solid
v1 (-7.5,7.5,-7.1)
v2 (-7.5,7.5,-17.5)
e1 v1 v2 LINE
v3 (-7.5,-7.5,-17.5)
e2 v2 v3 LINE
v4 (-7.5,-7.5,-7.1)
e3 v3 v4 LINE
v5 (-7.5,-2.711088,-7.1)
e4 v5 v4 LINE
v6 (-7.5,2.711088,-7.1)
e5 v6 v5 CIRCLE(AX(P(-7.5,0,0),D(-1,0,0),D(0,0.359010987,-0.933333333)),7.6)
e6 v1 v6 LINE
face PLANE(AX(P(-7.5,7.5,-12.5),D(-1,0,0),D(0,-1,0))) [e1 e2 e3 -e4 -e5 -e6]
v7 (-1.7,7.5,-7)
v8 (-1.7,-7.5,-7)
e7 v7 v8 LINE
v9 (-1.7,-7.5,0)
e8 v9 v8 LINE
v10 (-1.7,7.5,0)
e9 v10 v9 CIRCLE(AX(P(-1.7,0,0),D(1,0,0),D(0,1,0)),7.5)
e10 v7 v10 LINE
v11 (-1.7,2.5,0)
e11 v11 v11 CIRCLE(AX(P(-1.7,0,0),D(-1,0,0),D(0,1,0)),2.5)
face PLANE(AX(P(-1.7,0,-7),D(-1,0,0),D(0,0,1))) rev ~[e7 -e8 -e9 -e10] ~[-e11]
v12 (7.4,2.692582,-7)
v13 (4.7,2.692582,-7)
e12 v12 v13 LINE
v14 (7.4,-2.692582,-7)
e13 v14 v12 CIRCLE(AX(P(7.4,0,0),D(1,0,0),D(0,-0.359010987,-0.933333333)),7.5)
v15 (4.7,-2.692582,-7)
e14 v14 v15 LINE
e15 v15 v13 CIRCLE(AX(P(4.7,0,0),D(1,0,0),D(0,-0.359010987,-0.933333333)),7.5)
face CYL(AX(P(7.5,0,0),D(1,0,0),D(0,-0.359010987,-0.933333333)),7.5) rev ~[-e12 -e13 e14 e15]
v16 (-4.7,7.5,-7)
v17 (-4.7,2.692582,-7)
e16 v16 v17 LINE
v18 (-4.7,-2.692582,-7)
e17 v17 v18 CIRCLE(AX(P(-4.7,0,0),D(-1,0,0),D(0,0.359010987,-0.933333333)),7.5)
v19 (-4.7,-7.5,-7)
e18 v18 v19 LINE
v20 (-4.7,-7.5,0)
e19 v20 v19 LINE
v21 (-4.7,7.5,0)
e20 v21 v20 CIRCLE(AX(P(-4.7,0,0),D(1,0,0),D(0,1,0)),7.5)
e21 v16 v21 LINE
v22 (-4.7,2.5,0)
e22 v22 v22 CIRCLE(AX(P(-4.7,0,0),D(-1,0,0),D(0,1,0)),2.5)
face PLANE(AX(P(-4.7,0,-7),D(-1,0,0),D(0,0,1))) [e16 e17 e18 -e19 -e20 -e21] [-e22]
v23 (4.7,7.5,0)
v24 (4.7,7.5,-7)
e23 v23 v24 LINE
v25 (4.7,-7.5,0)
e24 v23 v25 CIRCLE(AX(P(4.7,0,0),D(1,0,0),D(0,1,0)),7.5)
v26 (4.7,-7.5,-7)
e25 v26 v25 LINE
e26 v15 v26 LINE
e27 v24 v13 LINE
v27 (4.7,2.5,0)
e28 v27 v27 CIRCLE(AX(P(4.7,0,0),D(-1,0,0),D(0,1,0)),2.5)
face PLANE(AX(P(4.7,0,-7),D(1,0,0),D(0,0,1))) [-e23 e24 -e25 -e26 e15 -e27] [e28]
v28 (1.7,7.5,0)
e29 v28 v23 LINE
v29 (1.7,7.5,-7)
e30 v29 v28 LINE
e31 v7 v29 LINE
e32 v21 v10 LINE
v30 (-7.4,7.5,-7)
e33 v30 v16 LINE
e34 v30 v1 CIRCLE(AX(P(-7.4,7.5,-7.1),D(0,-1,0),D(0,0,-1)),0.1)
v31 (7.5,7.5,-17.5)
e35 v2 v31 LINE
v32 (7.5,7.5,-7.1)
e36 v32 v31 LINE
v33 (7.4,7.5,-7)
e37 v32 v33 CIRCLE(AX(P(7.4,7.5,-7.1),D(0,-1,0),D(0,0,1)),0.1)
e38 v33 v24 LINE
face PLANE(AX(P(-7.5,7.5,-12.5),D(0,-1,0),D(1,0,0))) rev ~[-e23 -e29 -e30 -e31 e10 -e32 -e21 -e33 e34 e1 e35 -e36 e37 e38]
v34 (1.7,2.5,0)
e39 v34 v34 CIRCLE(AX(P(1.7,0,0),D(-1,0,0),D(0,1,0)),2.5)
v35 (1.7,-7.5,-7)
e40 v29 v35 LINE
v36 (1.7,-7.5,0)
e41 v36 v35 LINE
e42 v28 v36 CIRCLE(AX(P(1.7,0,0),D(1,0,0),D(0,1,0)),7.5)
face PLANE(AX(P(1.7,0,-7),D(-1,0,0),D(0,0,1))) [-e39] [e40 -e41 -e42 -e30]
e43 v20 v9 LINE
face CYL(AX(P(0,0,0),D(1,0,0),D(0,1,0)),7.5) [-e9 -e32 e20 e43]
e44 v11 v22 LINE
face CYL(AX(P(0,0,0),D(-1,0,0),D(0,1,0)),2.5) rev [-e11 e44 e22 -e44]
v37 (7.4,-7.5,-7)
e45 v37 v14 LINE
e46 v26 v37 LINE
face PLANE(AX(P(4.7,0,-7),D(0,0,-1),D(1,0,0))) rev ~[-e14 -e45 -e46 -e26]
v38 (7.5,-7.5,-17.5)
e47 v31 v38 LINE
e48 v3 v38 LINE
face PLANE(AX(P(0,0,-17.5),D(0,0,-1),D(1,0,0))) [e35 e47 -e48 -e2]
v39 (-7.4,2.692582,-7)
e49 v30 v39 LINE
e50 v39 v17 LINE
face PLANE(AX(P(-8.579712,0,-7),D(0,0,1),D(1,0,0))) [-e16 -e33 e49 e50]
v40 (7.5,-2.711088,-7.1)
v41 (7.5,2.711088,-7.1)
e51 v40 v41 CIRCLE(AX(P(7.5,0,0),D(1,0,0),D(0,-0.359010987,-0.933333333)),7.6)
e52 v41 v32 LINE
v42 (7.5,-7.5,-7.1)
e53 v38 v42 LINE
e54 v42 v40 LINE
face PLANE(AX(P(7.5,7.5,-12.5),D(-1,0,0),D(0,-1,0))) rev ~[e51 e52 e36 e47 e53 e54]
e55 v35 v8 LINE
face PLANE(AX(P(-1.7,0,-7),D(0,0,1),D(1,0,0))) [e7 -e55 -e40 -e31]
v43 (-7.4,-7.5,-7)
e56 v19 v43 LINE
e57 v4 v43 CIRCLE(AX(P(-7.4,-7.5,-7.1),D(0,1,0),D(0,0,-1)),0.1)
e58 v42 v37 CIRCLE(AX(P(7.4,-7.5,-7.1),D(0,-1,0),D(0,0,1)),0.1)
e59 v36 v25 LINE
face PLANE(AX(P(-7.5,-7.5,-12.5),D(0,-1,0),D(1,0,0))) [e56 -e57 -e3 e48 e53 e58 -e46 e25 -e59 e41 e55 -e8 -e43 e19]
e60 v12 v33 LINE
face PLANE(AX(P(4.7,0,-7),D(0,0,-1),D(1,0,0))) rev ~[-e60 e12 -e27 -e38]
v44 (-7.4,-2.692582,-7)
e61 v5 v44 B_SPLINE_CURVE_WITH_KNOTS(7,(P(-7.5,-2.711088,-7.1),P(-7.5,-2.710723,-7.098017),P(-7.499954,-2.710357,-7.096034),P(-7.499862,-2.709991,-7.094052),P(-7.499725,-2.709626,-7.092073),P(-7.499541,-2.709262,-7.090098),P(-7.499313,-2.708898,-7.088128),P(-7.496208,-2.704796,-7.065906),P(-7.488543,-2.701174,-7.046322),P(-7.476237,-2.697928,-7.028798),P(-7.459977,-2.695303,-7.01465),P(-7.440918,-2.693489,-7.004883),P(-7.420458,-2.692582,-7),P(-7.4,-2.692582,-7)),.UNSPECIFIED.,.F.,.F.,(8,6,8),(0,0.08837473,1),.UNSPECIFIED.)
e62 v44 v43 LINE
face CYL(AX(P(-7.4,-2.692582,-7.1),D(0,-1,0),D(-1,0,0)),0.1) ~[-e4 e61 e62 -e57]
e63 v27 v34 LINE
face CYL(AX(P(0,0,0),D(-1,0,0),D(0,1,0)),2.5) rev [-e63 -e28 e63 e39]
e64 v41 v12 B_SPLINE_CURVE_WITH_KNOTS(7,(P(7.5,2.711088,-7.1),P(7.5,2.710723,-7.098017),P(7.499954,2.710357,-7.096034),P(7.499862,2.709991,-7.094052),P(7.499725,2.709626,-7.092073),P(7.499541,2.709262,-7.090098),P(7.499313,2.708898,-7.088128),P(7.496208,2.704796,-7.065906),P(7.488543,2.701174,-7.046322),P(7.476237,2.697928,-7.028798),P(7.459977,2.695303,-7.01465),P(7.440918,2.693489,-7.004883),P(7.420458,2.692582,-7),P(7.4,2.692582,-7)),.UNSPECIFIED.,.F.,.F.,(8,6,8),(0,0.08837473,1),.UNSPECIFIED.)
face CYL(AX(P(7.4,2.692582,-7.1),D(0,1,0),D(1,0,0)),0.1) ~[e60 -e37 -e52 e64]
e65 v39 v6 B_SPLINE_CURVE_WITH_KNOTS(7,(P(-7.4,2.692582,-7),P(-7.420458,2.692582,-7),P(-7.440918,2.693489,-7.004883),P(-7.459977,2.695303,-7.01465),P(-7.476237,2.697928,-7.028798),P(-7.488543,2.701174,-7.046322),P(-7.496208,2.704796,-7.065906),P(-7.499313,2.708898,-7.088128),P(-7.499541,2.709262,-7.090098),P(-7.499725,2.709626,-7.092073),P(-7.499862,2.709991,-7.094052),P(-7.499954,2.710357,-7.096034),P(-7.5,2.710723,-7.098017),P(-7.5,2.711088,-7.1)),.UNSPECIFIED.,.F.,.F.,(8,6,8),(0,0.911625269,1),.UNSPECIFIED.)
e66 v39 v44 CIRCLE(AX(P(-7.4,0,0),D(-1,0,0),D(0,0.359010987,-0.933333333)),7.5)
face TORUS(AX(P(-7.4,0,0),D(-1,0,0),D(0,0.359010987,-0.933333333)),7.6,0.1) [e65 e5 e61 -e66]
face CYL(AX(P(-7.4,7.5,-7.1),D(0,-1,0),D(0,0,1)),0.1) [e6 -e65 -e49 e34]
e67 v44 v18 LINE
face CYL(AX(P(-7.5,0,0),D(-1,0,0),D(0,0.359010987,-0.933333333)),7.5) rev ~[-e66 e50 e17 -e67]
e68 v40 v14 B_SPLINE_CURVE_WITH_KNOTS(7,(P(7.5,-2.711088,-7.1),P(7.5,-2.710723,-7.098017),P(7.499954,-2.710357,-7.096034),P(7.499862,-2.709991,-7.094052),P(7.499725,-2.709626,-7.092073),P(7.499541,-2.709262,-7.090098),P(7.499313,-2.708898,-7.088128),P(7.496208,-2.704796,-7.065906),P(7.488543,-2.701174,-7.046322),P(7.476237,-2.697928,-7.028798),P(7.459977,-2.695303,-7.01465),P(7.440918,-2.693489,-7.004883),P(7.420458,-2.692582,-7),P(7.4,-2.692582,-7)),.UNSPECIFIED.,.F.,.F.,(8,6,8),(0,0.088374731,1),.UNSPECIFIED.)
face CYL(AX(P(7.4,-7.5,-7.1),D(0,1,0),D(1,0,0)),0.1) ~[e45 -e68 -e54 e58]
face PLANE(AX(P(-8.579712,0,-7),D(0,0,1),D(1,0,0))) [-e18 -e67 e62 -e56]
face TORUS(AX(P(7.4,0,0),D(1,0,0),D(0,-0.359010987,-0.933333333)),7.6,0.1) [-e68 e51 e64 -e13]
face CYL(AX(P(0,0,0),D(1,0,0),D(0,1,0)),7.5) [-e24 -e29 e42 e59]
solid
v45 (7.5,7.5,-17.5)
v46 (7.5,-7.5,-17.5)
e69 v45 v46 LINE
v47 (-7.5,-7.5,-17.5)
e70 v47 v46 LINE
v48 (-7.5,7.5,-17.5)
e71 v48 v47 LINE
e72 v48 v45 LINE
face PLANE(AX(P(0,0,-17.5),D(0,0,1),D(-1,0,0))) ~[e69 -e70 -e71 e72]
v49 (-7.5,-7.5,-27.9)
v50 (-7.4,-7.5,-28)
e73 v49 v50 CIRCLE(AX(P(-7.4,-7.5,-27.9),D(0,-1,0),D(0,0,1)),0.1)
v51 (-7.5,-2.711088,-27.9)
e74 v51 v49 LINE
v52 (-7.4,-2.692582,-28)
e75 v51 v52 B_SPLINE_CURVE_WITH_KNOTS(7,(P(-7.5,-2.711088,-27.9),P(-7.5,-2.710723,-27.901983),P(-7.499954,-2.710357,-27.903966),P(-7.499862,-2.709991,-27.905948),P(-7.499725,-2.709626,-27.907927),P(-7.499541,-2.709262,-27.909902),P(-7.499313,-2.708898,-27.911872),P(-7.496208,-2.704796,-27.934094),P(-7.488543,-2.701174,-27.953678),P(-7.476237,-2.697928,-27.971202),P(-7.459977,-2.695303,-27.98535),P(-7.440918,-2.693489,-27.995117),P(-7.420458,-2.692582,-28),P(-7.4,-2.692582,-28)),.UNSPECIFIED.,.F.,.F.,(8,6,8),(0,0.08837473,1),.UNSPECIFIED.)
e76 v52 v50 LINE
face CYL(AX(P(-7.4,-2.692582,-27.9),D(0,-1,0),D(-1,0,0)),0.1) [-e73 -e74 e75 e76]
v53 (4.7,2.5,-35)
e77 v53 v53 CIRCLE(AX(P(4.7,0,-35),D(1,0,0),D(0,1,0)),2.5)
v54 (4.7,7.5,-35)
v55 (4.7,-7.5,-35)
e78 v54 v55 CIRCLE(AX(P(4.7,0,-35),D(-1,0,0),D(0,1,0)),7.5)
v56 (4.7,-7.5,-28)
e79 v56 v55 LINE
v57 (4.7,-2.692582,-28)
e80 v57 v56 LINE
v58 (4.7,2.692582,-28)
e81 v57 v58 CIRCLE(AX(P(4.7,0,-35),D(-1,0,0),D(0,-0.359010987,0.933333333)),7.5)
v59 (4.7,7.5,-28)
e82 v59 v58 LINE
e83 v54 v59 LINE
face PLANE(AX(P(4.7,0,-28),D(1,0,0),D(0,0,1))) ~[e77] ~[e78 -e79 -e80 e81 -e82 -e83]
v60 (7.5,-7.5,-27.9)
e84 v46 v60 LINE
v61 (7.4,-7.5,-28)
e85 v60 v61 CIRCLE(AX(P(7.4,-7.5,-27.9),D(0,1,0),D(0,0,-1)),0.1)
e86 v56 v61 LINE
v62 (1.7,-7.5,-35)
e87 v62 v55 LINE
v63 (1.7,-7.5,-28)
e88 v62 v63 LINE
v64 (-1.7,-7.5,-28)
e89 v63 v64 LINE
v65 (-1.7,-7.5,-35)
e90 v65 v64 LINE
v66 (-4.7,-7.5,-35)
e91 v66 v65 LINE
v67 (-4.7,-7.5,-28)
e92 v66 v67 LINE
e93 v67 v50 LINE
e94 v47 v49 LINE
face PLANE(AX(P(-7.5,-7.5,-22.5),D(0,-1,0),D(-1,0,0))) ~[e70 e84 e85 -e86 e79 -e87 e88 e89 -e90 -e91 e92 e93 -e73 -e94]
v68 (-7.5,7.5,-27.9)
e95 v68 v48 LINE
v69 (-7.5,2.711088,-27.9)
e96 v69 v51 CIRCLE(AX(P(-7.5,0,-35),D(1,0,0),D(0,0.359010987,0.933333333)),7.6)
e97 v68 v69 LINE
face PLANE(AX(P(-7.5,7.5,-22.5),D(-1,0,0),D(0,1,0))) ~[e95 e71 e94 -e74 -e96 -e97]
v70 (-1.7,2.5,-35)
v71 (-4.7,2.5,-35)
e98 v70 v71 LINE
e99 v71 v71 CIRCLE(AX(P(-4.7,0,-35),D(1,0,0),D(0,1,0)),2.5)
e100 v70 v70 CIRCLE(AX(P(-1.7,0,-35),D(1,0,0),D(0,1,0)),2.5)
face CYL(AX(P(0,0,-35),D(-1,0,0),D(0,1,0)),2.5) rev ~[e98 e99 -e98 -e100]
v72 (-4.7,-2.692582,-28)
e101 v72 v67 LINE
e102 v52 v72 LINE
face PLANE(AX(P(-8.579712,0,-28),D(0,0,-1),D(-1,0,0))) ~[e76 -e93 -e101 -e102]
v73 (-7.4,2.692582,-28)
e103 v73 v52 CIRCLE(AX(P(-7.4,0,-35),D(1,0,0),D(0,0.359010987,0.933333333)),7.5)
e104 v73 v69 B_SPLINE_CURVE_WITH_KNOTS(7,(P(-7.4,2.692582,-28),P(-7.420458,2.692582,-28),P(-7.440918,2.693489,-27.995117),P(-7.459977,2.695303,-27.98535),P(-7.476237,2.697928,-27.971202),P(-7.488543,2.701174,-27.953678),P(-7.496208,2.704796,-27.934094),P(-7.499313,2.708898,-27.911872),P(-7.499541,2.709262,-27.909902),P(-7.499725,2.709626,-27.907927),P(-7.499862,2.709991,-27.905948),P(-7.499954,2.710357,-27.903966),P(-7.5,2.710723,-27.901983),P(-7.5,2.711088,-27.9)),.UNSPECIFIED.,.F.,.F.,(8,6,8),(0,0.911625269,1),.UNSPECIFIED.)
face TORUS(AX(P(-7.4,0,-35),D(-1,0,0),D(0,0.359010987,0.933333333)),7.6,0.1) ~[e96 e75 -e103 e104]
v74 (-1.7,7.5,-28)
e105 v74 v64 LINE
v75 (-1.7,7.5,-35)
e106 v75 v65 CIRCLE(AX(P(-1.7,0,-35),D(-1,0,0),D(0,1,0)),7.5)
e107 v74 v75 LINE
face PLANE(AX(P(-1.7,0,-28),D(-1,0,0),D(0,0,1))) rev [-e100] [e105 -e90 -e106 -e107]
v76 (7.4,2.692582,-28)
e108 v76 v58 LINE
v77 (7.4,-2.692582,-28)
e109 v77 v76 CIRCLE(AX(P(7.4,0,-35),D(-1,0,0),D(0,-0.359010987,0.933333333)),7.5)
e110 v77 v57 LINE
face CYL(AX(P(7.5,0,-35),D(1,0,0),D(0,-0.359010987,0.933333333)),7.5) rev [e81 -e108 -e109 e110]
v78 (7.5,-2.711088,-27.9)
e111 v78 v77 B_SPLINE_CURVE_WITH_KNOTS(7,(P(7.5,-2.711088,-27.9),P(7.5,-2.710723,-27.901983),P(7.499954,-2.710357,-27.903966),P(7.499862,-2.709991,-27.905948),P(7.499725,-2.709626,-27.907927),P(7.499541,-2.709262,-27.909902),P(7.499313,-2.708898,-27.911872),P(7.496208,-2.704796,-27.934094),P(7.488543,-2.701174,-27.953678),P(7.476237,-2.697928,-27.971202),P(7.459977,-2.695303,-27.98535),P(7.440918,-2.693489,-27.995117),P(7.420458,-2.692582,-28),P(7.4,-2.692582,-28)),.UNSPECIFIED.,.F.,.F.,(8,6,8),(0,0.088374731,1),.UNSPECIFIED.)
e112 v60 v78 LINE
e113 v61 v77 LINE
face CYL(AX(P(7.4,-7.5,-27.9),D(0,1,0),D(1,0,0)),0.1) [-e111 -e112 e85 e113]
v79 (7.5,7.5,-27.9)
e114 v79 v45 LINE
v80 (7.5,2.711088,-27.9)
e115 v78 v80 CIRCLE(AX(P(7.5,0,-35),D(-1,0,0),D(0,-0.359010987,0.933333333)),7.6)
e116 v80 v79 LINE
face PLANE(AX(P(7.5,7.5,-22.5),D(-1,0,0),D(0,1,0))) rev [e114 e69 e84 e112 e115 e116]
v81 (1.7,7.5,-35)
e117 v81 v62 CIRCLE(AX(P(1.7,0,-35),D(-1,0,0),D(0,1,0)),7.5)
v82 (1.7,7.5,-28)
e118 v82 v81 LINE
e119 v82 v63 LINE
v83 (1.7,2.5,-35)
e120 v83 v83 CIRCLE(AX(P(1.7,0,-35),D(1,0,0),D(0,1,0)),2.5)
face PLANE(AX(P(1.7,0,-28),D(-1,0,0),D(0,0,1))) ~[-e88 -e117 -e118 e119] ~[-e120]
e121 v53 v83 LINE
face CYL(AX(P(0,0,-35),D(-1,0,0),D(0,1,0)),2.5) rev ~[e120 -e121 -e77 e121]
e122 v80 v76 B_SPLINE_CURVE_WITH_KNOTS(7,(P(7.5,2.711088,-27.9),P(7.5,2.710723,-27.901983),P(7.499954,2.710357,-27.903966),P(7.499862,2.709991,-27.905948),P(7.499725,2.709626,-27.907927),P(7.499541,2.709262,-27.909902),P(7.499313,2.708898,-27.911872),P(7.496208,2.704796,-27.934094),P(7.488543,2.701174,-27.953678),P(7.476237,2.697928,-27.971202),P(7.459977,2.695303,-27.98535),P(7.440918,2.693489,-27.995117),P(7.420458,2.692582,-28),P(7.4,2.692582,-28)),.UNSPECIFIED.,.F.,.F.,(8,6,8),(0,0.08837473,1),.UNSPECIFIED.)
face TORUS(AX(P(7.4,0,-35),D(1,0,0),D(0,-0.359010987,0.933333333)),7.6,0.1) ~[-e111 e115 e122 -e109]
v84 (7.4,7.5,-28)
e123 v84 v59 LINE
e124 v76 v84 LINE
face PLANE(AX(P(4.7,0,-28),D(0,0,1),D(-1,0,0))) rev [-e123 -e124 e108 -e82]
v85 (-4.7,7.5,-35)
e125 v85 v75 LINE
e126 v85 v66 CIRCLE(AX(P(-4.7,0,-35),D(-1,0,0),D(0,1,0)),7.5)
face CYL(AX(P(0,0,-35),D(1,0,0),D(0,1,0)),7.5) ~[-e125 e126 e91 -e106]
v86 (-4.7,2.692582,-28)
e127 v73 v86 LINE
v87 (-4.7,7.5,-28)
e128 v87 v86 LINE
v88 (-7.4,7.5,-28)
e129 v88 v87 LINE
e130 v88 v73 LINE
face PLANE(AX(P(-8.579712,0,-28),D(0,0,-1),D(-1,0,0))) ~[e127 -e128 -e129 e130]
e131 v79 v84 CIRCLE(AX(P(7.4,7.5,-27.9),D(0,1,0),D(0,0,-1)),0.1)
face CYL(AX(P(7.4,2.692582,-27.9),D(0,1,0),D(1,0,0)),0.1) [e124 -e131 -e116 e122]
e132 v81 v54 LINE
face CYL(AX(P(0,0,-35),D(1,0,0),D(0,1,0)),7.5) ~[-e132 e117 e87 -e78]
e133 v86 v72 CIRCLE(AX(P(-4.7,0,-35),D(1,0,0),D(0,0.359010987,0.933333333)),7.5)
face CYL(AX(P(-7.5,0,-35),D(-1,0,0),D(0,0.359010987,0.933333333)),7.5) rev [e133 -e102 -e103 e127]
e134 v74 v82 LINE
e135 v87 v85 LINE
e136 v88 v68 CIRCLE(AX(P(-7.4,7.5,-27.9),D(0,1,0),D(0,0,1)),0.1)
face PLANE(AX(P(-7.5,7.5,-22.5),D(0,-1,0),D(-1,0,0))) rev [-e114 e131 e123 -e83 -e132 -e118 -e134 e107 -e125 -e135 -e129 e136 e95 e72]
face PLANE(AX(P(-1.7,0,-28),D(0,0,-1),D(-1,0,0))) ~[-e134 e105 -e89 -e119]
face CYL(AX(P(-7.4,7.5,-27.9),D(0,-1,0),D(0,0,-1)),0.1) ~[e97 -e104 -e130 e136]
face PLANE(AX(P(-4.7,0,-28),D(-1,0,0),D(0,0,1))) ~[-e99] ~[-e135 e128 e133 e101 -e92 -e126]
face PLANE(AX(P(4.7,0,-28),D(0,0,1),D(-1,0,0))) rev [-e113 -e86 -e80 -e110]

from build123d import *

# Parameters (mm, degrees)
F1_R      = 2.5
F2_DEPTH  = 7.5
F3_W      = 3.4
F3_H      = 15.4505071864
F3_W_2    = 3.8797123611
F3_W_3    = 3.8316924378
F4_DEPTH  = 16.41578
F6_DEPTH  = 2.8
F8_DEPTH  = 2.8
F9_R      = 0.1
F10_W     = 15
F10_H     = 15
F11_DEPTH = 5
F14_ANGLE = 90


with BuildPart() as f2:
    # F1 (on Right) → F2 (new body, symmetric)
    with BuildSketch(Plane.YZ):
        with BuildLine():
            Line((7.5, -12.5), (7.5, 0))
            ThreePointArc((7.5, 0), (0, 7.5), (-7.5, 0))
            Line((-7.5, 0), (-7.5, -12.5))
            Line((-7.5, -12.5), (7.5, -12.5))
        make_face()
        Circle(F1_R, mode=Mode.SUBTRACT)
    extrude(amount=F2_DEPTH, both=True)

    # F3 (on Front) → F4 (cut, symmetric)
    with BuildSketch(Plane.XZ):
        with Locations((0, 0.7252535932)):
            Rectangle(F3_W, F3_H)
        with Locations((-6.6398561805, 0.7252535932)):
            Rectangle(F3_W_2, F3_H)
        with Locations((6.6158462189, 0.7252535932)):
            Rectangle(F3_W_3, F3_H)
    extrude(amount=F4_DEPTH, both=True, mode=Mode.SUBTRACT)

    # F5 (on face) → F6 (cut, through all)
    with BuildSketch(Plane(origin=(-7.5, 0, 0), x_dir=(0, -1, 0), z_dir=(-1, 0, 0))):
        with BuildLine():
            ThreePointArc((2.6925824036, -7), (6.1824092402, -4.2459175671), (7.5, 0))
            ThreePointArc((7.5, 0), (-4.2459175671, 6.1824092402), (-2.6925824036, -7))
            Line((-2.6925824036, -7), (2.6925824036, -7))
        make_face()
        with BuildLine():
            Line((2.6925824036, -7), (-2.6925824036, -7))
            ThreePointArc((-2.6925824036, -7), (0, -7.5), (2.6925824036, -7))
        make_face()
    extrude(amount=-F6_DEPTH, mode=Mode.SUBTRACT)

    # F7 (on face) → F8 (cut, through all)
    with BuildSketch(Plane.YZ.offset(7.5)):
        with BuildLine():
            Line((2.6925824036, -7), (-2.6925824036, -7))
            ThreePointArc((-2.6925824036, -7), (0, -7.5), (2.6925824036, -7))
        make_face()
        with BuildLine():
            ThreePointArc((2.6925824036, -7), (6.1824092402, -4.2459175671), (7.5, 0))
            ThreePointArc((7.5, 0), (-4.2459175671, 6.1824092402), (-2.6925824036, -7))
            Line((-2.6925824036, -7), (2.6925824036, -7))
        make_face()
    extrude(amount=-F8_DEPTH, mode=Mode.SUBTRACT)

    # F9
    f9_edges = [f2.edges().sort_by_distance(p)[0] for p in [
        (7.5, -5.096291, -7),
        (7.5, 0, -7.5),
        (7.5, 5.096291, -7),
        (-7.5, 5.096291, -7),
        (-7.5, 0, -7.5),
        (-7.5, -5.096291, -7),
    ]]
    fillet(f9_edges, radius=F9_R)

    # F10 (on face) → F11 (join)
    with BuildSketch(Plane(origin=(0, 0, -12.5), x_dir=(1, 0, 0), z_dir=(0, 0, -1))):
        Rectangle(F10_W, F10_H)
    extrude(amount=F11_DEPTH)


with BuildPart() as f12_1:
    # F12: instance of F2
    add(f2.part.mirror(Plane(origin=(0, 0, -17.5), x_dir=(1, 0, 0), z_dir=(0, 0, -1))))


with BuildPart() as f12_1_1:
    # F14: moved
    add(f12_1.part.rotate(Axis((0, 0, -17.4657253083), (0, 0, -1)), F14_ANGLE))


solid = Compound([f2.part, f12_1_1.part])
